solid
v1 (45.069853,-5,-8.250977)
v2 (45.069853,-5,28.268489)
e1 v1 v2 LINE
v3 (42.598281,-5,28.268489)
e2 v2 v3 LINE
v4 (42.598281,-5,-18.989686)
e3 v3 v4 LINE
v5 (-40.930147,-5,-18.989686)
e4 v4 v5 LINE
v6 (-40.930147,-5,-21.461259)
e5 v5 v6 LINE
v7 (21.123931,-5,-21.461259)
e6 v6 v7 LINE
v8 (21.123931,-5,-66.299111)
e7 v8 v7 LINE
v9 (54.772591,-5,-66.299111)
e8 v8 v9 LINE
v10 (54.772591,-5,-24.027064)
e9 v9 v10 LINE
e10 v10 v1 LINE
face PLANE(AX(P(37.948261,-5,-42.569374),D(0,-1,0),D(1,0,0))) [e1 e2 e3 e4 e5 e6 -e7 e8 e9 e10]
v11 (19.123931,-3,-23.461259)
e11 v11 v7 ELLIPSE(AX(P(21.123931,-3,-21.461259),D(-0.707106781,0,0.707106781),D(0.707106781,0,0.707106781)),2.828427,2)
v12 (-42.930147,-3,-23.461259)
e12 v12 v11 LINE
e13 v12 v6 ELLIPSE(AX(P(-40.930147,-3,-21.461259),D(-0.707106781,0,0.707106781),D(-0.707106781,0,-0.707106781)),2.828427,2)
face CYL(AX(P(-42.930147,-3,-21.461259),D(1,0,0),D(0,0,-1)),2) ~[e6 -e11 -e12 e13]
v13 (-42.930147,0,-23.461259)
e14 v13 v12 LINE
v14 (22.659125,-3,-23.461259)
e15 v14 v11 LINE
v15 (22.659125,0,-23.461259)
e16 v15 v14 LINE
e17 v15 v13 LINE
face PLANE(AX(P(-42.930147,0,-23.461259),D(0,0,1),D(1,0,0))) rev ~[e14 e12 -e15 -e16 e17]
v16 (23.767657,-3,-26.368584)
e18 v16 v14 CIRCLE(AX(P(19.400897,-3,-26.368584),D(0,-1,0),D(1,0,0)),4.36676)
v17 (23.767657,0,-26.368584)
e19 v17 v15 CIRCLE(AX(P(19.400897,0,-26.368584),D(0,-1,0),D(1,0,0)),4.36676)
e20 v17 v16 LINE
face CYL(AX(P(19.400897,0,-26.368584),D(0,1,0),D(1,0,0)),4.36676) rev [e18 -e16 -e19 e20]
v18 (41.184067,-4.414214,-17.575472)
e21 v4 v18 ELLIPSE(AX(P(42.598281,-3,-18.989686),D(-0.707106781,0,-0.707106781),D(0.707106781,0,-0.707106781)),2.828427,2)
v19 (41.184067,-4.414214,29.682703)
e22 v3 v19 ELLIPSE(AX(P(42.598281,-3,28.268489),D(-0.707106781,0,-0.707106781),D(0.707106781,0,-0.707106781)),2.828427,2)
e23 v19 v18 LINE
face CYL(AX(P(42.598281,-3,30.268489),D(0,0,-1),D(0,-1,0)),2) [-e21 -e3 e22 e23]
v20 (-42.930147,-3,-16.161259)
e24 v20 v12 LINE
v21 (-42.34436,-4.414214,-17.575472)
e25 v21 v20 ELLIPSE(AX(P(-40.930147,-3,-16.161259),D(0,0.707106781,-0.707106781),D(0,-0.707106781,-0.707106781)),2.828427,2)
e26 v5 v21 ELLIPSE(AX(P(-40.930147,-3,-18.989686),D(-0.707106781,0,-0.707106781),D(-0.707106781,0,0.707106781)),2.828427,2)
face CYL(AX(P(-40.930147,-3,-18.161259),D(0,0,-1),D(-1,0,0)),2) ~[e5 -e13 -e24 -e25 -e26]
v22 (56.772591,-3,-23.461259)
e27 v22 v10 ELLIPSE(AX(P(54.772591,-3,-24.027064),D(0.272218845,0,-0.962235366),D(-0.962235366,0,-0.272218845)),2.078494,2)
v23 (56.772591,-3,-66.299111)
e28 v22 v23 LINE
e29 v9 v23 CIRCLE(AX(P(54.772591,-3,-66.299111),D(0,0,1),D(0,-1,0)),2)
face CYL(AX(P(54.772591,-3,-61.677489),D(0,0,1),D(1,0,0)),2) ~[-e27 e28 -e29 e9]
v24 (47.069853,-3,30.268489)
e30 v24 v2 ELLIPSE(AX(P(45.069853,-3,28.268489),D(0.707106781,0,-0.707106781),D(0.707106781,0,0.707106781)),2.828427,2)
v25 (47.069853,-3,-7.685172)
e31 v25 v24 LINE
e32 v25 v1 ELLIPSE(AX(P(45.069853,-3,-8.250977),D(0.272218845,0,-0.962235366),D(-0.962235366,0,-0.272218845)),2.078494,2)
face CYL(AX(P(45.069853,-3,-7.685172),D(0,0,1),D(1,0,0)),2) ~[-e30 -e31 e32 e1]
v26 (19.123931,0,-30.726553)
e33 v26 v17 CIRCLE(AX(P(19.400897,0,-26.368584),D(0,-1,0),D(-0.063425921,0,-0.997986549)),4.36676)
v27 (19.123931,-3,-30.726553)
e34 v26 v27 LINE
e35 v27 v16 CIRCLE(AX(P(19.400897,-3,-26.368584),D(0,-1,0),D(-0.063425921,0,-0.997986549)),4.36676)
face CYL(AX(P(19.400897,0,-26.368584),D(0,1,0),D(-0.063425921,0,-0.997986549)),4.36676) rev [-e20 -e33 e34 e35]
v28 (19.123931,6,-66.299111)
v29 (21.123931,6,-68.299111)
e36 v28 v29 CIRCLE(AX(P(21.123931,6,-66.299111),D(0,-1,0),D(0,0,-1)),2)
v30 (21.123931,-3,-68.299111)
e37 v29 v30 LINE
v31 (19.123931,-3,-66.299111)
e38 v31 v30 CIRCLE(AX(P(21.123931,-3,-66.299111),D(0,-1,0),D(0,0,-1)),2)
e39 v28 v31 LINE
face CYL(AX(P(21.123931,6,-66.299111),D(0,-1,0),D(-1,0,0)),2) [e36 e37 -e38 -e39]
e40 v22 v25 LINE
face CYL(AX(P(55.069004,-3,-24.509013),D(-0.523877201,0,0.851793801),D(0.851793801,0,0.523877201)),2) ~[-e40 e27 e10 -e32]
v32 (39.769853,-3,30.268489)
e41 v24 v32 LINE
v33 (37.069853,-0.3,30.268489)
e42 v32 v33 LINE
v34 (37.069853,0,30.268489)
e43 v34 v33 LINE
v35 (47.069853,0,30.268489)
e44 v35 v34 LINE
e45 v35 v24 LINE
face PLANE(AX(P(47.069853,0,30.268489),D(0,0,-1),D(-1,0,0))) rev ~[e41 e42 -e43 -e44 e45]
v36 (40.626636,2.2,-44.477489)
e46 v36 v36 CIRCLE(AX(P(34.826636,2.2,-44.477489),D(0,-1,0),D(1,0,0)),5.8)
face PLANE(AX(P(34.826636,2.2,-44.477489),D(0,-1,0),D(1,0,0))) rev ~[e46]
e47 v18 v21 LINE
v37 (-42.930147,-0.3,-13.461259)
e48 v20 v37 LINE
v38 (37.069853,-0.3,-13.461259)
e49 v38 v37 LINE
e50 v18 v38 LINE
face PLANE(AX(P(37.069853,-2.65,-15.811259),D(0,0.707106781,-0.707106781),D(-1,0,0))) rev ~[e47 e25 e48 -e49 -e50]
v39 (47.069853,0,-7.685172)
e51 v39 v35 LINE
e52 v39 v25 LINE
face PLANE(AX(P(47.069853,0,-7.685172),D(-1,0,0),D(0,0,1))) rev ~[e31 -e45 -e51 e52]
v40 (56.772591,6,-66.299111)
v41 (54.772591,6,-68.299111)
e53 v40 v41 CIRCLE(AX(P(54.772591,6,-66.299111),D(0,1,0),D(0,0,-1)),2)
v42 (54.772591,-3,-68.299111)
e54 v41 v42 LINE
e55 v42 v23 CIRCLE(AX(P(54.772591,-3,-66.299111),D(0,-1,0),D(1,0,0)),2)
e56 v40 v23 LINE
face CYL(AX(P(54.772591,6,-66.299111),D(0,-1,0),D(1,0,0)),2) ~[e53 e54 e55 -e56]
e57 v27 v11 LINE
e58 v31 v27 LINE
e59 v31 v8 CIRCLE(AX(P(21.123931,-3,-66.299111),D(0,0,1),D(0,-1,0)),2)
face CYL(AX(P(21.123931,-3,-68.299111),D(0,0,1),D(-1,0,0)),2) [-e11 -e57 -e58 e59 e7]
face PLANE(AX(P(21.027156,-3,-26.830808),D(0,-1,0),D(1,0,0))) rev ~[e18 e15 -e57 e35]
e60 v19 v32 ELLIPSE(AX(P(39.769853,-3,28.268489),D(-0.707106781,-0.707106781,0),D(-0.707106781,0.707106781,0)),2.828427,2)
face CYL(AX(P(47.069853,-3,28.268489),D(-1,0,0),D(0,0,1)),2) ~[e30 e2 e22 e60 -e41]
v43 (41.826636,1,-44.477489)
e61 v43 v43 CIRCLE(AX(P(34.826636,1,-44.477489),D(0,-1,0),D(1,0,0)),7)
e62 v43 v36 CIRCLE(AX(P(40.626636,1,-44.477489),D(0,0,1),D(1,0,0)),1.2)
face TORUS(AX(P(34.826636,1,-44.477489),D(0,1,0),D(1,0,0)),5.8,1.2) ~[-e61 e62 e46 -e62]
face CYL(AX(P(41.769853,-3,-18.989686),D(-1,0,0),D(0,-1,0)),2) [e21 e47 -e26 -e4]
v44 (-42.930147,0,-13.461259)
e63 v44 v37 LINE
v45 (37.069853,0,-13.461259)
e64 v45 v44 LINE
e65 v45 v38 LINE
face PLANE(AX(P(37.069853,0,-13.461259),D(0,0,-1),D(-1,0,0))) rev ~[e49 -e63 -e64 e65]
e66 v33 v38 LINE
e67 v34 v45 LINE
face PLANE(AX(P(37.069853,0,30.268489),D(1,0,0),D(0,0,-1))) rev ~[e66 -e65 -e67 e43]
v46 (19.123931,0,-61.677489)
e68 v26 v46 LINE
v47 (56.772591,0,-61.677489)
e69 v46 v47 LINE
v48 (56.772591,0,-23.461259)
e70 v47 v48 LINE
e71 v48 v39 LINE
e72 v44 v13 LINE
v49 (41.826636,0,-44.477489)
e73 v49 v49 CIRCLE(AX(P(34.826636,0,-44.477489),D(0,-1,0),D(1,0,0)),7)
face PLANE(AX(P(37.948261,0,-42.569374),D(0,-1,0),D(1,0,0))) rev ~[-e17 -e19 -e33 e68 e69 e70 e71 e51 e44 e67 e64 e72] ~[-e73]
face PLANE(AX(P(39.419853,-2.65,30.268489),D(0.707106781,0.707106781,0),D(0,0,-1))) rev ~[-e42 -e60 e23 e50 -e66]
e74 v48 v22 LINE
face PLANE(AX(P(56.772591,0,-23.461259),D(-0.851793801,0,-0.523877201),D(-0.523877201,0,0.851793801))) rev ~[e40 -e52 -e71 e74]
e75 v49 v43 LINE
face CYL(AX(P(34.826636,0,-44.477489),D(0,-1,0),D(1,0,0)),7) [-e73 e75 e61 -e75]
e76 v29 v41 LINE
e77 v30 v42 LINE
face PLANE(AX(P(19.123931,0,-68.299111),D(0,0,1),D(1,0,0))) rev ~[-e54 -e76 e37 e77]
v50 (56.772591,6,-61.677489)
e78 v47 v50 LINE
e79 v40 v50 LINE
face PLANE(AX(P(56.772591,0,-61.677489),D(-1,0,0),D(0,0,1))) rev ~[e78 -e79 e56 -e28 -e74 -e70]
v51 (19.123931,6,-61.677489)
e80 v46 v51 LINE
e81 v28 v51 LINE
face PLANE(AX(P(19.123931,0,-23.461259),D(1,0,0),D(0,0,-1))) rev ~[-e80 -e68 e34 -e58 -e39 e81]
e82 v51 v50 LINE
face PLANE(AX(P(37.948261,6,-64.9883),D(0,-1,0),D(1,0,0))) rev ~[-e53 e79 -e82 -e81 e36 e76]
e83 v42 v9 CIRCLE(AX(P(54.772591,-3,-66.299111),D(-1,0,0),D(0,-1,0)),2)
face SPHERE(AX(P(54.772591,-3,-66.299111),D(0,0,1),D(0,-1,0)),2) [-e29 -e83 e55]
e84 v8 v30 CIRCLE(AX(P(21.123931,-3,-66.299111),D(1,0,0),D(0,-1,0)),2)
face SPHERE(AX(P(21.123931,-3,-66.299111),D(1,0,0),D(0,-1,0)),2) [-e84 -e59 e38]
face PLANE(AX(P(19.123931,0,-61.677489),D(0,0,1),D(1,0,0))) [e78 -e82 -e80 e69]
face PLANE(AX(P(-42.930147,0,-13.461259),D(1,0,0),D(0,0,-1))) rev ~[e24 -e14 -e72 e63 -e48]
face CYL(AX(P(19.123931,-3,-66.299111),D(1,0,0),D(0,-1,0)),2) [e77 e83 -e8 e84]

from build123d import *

# Parameters (mm, degrees)
F0_W          = 37.648660762
F0_H          = 6.6216221157
F1_DEPTH      = 6
F1_DEPTH_BACK = 5
F0_R          = 7
F2_DEPTH      = 5
F3_DEPTH      = 2.2
F4_SIZE       = 4.7
F5_R          = 1.2
F6_R          = 2
F8_DEPTH      = 2
F8_DEPTH_BACK = 3


with BuildPart() as f1:
    # F0 (on Front) → F1 (new body, two sides)
    with BuildSketch(Plane.XZ) as f1_sk:
        with Locations((37.9482610798, -64.9883002128)):
            Rectangle(F0_W, F0_H)
    extrude(amount=-F1_DEPTH)
    extrude(f1_sk.sketch, amount=F1_DEPTH_BACK)

    # F0 (on Front) → F2 (join)
    with BuildSketch(Plane.XZ):
        Polygon((19.1239306988, -23.4612585763), (19.1239306988, -61.677489155), (56.7725914607, -61.677489155), (56.7725914607, -23.4612585763), (47.0698534062, -23.4612585763), (37.0698534062, -23.4612585763), align=None)
        with Locations((34.8266364816, -44.477489155)):
            Circle(F0_R, mode=Mode.SUBTRACT)
        Polygon((-42.9301465938, -23.4612585763), (19.1239306988, -23.4612585763), (37.0698534062, -23.4612585763), (37.0698534062, -13.4612585763), (-42.9301465938, -13.4612585763), align=None)
        Polygon((37.0698534062, -13.4612585763), (37.0698534062, -23.4612585763), (47.0698534062, -23.4612585763), (47.0698534062, -7.6851719059), (47.0698534062, 30.268489238), (37.0698534062, 30.268489238), align=None)
        with Locations((34.8266364816, -44.477489155)):
            Circle(F0_R)
        Polygon((47.0698534062, -23.4612585763), (56.7725914607, -23.4612585763), (47.0698534062, -7.6851719059), align=None)
    extrude(amount=F2_DEPTH)

    # F0 (on Front) → F3 (join)
    with BuildSketch(Plane.XZ):
        with Locations((34.8266364816, -44.477489155)):
            Circle(F0_R)
    extrude(amount=-F3_DEPTH)

    # F4
    f4_edges = [f1.edges().sort_by_distance(p)[0] for p in [
        (-2.930147, -5, -13.461259),
        (37.069853, -5, 8.403615),
    ]]
    chamfer(f4_edges, length=F4_SIZE)

    # F5
    f5_edges = [f1.edges().sort_by_distance(p)[0] for p in [
        (27.826636, 2.2, -44.477489),
    ]]
    fillet(f5_edges, radius=F5_R)

    # F6
    f6_edges = [f1.edges().sort_by_distance(p)[0] for p in [
        (51.921222, -5, -15.573215),
        (47.069853, -5, 11.291659),
        (56.772591, -5, -45.880185),
        (37.948261, -5, -68.299111),
        (44.419853, -5, 30.268489),
        (41.769853, -5, 6.053615),
        (-0.580147, -5, -18.161259),
        (-42.930147, -5, -20.811259),
        (-11.903108, -5, -23.461259),
        (19.123931, -5, -45.880185),
        (19.123931, 0.5, -68.299111),
        (56.772591, 0.5, -68.299111),
    ]]
    fillet(f6_edges, radius=F6_R)

    # F7 (on face) → F8 (cut, two sides)
    with BuildSketch(Plane.XZ) as f8_sk:
        with BuildLine():
            ThreePointArc((19.1239306988, -30.7265526876), (22.3891362533, -29.5527672873), (23.7676569653, -26.3685844839))
            ThreePointArc((23.7676569653, -26.3685844839), (23.4811232341, -24.8128381171), (22.6591250093, -23.4612585763))
            Line((22.6591250093, -23.4612585763), (19.1239306988, -23.4612585763))
            Line((19.1239306988, -23.4612585763), (19.1239306988, -30.7265526876))
        make_face()
    extrude(amount=-F8_DEPTH, mode=Mode.SUBTRACT)
    extrude(f8_sk.sketch, amount=F8_DEPTH_BACK, mode=Mode.SUBTRACT)


solid = f1.part
